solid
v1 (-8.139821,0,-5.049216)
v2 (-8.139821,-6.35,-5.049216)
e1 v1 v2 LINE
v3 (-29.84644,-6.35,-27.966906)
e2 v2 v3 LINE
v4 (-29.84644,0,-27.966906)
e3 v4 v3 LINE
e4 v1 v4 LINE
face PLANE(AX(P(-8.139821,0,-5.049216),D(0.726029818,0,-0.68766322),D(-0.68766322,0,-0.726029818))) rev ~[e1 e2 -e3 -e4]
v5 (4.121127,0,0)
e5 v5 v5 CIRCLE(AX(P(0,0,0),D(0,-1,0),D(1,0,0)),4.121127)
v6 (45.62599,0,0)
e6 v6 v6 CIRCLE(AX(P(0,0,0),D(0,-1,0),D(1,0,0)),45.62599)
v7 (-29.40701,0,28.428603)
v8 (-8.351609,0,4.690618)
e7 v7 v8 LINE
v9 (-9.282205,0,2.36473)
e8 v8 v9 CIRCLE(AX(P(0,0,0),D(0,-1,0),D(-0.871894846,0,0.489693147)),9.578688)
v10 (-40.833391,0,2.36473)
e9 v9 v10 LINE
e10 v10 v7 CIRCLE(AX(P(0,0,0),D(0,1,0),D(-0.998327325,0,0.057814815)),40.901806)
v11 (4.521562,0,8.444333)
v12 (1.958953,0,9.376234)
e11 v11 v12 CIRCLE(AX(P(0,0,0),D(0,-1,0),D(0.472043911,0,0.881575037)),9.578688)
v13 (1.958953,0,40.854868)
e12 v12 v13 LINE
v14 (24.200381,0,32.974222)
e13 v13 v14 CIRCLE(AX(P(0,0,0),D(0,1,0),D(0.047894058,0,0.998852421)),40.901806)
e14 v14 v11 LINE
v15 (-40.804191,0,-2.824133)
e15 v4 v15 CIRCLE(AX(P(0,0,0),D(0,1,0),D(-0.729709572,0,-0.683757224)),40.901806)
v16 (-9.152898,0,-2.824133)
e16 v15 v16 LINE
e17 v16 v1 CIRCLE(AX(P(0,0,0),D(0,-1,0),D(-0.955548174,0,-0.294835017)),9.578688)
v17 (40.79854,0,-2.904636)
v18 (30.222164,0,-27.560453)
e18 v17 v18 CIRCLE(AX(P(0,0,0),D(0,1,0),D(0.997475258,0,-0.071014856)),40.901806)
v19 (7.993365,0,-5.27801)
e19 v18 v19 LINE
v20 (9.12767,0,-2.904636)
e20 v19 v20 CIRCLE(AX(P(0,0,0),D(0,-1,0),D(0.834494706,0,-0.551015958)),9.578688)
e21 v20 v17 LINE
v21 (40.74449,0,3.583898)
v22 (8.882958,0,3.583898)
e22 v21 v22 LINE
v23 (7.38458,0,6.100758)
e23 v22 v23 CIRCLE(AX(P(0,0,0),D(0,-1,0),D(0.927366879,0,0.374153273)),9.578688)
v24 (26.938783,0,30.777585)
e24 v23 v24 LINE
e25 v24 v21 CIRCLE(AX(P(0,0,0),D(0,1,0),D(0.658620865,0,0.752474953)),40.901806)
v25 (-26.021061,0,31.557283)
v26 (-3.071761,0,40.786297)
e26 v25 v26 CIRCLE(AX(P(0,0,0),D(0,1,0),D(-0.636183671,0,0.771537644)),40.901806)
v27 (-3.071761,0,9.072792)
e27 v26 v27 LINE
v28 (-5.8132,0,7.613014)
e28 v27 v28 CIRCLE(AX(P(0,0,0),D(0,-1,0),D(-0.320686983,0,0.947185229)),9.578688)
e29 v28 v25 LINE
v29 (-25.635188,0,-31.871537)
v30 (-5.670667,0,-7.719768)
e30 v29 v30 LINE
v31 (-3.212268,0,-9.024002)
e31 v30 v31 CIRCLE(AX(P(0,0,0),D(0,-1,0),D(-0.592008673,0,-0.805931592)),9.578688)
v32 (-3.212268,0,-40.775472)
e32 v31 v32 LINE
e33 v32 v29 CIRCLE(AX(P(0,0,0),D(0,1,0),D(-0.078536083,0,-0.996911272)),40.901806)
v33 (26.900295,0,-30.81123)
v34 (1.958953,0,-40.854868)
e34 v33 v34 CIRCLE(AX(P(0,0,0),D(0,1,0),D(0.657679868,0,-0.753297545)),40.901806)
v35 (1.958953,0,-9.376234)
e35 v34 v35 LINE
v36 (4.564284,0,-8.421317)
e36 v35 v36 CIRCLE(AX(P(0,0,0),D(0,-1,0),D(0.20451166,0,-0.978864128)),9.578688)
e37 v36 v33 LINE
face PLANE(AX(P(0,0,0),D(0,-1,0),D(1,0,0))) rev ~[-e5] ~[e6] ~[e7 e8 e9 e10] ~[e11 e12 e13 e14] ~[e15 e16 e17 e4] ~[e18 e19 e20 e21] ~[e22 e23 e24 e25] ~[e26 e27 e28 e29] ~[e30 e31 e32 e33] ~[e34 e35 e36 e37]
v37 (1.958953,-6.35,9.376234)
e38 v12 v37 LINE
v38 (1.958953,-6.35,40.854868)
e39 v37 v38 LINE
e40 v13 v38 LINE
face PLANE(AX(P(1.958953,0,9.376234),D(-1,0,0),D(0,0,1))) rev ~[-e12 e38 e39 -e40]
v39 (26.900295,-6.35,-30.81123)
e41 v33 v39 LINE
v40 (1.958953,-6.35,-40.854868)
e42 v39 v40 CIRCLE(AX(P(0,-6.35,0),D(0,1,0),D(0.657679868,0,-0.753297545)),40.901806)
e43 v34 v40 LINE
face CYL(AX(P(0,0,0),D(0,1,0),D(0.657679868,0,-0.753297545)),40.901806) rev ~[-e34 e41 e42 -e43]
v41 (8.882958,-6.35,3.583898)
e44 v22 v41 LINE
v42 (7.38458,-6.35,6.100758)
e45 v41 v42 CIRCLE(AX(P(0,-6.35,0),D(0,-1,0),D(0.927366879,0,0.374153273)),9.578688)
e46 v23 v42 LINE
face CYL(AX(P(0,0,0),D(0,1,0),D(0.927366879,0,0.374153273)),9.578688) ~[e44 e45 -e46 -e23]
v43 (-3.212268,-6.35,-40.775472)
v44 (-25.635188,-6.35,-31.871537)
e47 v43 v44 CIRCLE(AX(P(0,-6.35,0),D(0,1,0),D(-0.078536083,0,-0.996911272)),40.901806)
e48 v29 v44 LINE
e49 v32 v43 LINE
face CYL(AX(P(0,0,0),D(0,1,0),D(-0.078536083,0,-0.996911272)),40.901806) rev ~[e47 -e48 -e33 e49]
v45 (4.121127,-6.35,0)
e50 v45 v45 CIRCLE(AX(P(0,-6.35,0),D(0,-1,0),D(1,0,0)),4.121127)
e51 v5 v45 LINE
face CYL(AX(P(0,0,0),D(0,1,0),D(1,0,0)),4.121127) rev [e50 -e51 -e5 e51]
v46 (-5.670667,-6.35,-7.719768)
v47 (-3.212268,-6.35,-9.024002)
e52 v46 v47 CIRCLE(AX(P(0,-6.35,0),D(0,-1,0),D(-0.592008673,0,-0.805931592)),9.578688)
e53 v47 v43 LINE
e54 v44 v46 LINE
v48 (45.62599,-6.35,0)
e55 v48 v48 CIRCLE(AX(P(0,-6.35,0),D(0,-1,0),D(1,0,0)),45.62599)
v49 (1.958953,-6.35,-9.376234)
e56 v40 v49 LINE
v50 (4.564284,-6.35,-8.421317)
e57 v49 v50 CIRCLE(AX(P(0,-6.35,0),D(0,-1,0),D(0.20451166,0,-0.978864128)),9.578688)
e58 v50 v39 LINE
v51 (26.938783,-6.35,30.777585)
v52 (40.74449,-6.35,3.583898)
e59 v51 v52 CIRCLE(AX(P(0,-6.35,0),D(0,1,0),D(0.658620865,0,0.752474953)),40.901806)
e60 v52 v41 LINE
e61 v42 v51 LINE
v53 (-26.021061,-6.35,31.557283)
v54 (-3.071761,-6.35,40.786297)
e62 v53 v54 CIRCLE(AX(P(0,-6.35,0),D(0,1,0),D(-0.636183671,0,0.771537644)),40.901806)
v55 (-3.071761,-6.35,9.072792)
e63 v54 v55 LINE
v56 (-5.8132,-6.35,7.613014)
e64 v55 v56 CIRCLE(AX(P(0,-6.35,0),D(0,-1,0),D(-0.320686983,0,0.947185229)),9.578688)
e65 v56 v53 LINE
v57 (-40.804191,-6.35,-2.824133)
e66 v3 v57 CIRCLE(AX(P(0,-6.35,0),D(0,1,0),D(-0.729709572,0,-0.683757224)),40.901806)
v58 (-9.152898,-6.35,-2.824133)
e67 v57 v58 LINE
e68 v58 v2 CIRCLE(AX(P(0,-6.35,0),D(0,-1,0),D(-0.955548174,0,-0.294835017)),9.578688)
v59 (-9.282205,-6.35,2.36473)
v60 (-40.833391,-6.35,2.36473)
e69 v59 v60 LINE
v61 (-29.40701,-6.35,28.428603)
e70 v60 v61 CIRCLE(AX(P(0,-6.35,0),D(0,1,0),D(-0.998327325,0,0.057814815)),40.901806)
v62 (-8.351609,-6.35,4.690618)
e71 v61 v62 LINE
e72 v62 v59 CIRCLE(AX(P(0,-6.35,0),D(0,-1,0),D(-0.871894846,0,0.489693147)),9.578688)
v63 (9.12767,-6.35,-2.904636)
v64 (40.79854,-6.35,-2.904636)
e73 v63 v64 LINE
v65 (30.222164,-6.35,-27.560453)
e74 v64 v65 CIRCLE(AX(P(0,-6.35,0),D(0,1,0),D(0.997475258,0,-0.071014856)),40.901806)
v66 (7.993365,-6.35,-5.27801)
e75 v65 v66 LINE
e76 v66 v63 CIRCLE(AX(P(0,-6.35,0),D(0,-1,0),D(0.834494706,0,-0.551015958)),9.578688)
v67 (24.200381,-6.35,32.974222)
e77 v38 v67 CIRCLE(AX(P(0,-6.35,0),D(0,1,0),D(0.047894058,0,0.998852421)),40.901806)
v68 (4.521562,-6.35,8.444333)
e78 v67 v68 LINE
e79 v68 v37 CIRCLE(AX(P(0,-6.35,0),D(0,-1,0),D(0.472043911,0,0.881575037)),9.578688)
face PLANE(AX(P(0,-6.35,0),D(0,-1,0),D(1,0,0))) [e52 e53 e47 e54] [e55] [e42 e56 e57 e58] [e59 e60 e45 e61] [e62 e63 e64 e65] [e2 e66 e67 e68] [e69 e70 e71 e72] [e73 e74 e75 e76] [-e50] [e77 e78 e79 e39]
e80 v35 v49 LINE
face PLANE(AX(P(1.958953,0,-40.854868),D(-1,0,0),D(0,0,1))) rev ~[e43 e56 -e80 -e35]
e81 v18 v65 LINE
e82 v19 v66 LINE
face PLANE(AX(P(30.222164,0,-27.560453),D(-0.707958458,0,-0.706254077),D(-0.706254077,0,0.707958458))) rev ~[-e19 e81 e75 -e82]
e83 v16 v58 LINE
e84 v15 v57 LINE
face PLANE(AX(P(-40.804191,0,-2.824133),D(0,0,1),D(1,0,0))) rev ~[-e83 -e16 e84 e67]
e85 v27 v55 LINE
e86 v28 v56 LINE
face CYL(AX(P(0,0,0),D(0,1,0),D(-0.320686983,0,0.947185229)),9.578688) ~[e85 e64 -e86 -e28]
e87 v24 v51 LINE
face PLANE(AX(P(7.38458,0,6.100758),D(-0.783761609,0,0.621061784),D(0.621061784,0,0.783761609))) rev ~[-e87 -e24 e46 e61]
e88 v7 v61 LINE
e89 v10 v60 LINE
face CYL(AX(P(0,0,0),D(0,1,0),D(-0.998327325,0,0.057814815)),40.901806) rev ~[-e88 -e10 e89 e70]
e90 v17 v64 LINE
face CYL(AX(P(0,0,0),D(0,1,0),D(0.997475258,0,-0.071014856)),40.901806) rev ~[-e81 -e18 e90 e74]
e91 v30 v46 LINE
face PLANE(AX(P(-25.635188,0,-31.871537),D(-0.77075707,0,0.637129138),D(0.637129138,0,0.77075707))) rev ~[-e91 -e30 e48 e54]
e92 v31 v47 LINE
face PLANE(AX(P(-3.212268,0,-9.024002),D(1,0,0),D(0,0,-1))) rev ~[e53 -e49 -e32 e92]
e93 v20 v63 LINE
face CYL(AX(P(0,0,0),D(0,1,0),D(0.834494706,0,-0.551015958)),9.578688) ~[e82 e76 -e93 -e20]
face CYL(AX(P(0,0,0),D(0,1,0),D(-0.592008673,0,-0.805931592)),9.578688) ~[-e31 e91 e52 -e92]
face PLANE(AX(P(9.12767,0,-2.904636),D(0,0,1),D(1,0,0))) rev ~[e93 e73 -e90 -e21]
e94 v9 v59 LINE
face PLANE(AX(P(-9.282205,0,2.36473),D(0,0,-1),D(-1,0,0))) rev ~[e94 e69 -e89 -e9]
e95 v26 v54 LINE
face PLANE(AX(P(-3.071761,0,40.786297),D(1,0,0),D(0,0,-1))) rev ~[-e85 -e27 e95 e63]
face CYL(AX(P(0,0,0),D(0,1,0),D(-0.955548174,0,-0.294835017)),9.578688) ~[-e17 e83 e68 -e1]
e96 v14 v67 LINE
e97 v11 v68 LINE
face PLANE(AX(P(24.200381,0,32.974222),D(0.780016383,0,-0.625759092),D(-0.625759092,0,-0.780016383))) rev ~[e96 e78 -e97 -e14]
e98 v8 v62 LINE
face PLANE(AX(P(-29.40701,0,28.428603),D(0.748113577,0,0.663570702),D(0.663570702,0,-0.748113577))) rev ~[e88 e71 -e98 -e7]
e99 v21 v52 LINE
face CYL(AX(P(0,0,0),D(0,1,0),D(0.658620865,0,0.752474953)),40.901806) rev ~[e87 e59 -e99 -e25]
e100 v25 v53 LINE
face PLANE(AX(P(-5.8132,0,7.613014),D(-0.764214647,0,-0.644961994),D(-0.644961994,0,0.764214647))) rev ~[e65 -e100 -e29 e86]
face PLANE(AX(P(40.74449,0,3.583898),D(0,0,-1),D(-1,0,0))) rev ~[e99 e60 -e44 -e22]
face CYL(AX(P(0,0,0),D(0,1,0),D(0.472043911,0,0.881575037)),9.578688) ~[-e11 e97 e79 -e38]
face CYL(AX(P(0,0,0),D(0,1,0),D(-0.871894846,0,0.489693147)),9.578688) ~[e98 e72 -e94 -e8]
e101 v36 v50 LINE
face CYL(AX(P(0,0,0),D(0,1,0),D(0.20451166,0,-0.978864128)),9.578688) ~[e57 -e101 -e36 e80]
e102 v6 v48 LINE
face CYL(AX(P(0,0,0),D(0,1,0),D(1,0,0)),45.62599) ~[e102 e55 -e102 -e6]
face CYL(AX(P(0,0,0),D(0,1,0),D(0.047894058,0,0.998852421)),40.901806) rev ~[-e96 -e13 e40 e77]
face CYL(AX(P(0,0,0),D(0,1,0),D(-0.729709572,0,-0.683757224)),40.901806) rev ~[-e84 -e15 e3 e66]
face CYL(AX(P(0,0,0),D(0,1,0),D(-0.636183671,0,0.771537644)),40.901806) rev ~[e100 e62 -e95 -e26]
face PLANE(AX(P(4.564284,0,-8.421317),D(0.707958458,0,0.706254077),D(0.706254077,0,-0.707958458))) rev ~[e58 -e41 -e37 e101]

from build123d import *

# Parameters (mm, degrees)
F0_R     = 45.6259896436
F0_R_2   = 4.1211273184
F1_DEPTH = 6.35


with BuildPart() as f1:
    # F0 (on Front) → F1 (new body)
    with BuildSketch(Plane.XZ):
        Circle(F0_R)
        with BuildLine():
            ThreePointArc((26.9387830624, 30.7775847934), (36.470954286, 18.5155948342), (40.7444896447, 3.5838976254))
            ThreePointArc((40.7444896447, 3.5838976254), (40.8624582094, 1.7936743517), (40.9018062999, 0))
            ThreePointArc((40.9018062999, 0), (40.8759815199, -1.4532354863), (40.7985397907, -2.9046358709))
            ThreePointArc((40.7985397907, -2.9046358709), (37.5893922938, -16.1243711684), (30.2221637026, -27.5604531844))
            ThreePointArc((30.2221637026, -27.5604531844), (28.607441295, -29.2330645186), (26.9002945611, -30.8112302761))
            ThreePointArc((26.9002945611, -30.8112302761), (15.2785050027, -37.9410733043), (1.9589534657, -40.8548682523))
            ThreePointArc((1.9589534657, -40.8548682523), (-0.6279132634, -40.8969862402), (-3.2122676555, -40.7754717337))
            ThreePointArc((-3.2122676555, -40.7754717337), (-15.0951627835, -38.0143896325), (-25.6351881809, -31.8715372319))
            ThreePointArc((-25.6351881809, -31.8715372319), (-27.8094281015, -29.9932236891), (-29.8464395577, -27.9669055193))
            ThreePointArc((-29.8464395577, -27.9669055193), (-37.4955686427, -16.3413613495), (-40.8041913624, -2.8241327614))
            ThreePointArc((-40.8041913624, -2.8241327614), (-40.9011586976, -0.2301646997), (-40.8333908562, 2.3647303828))
            ThreePointArc((-40.8333908562, 2.3647303828), (-37.4601102977, 16.4224813922), (-29.4070104311, 28.4286034849))
            ThreePointArc((-29.4070104311, 28.4286034849), (-27.7581509338, 30.0406859997), (-26.0210613004, 31.5572832702))
            ThreePointArc((-26.0210613004, 31.5572832702), (-15.2607911904, 37.9482016812), (-3.071760695, 40.7862972679))
            ThreePointArc((-3.071760695, 40.7862972679), (-0.5574589468, 40.8980072634), (1.9589534657, 40.8548682523))
            ThreePointArc((1.9589534657, 40.8548682523), (13.6603015391, 38.5532608278), (24.2003808104, 32.9742221626))
            ThreePointArc((24.2003808104, 32.9742221626), (25.5931597177, 31.9052963356), (26.9387830624, 30.7775847934))
        make_face(mode=Mode.SUBTRACT)
        with BuildLine():
            ThreePointArc((9.127670154, -2.9046358709), (9.4652622904, -1.4697216595), (9.578688427, 0))
            ThreePointArc((9.578688427, 0), (9.403147418, 1.8254014949), (8.8829583919, 3.5838976254))
            ThreePointArc((8.8829583919, 3.5838976254), (8.230543526, 4.8999413516), (7.3845797964, 6.1007584129))
            ThreePointArc((7.3845797964, 6.1007584129), (6.0673005076, 7.4120939372), (4.5215615521, 8.4443326032))
            ThreePointArc((4.5215615521, 8.4443326032), (3.2735880938, 9.0019382898), (1.9589534657, 9.3762344948))
            ThreePointArc((1.9589534657, 9.3762344948), (-0.5767185533, 9.5613109819), (-3.071760695, 9.0727921951))
            ThreePointArc((-3.071760695, 9.0727921951), (-4.5020405313, 8.4547562375), (-5.8131998002, 7.6130138621))
            ThreePointArc((-5.8131998002, 7.6130138621), (-7.2315663483, 6.2813788401), (-8.3516090682, 4.6906180781))
            ThreePointArc((-8.3516090682, 4.6906180781), (-8.8932718668, 3.5582281386), (-9.282204598, 2.3647303828))
            ThreePointArc((-9.282204598, 2.3647303828), (-9.5757156031, -0.2386266333), (-9.1528982365, -2.8241327614))
            ThreePointArc((-9.1528982365, -2.8241327614), (-8.7176421964, -3.9691291889), (-8.1398212241, -5.0492160205))
            ThreePointArc((-8.1398212241, -5.0492160205), (-7.0331611015, -6.5027622517), (-5.6706666198, -7.7197676176))
            ThreePointArc((-5.6706666198, -7.7197676176), (-4.4890853229, -8.461641977), (-3.2122676555, -9.0240018003))
            ThreePointArc((-3.2122676555, -9.0240018003), (-0.6509347758, -9.5565451864), (1.9589534657, -9.3762344948))
            ThreePointArc((1.9589534657, -9.3762344948), (3.2963804694, -8.9936170578), (4.5642841947, -8.4213171043))
            ThreePointArc((4.5642841947, -8.4213171043), (6.4725367152, -7.0609872152), (7.9933647781, -5.2780101845))
            ThreePointArc((7.9933647781, -5.2780101845), (8.6423773173, -4.1304462578), (9.127670154, -2.9046358709))
        make_face()
        Circle(F0_R_2, mode=Mode.SUBTRACT)
        with BuildLine():
            ThreePointArc((8.8829583919, 3.5838976254), (9.403147418, 1.8254014949), (9.578688427, 0))
            ThreePointArc((9.578688427, 0), (9.4652622904, -1.4697216595), (9.127670154, -2.9046358709))
            Line((9.127670154, -2.9046358709), (40.7985397907, -2.9046358709))
            ThreePointArc((40.7985397907, -2.9046358709), (40.8759815199, -1.4532354863), (40.9018062999, 0))
            ThreePointArc((40.9018062999, 0), (40.8624582094, 1.7936743517), (40.7444896447, 3.5838976254))
            Line((40.7444896447, 3.5838976254), (8.8829583919, 3.5838976254))
        make_face()
        with BuildLine():
            ThreePointArc((-9.1528982365, -2.8241327614), (-9.5757156031, -0.2386266333), (-9.282204598, 2.3647303828))
            Line((-9.282204598, 2.3647303828), (-40.8333908562, 2.3647303828))
            ThreePointArc((-40.8333908562, 2.3647303828), (-40.9011586976, -0.2301646997), (-40.8041913624, -2.8241327614))
            Line((-40.8041913624, -2.8241327614), (-9.1528982365, -2.8241327614))
        make_face()
        with BuildLine():
            Line((1.9589534657, -40.8548682523), (1.9589534657, -9.3762344948))
            ThreePointArc((1.9589534657, -9.3762344948), (-0.6509347758, -9.5565451864), (-3.2122676555, -9.0240018003))
            Line((-3.2122676555, -9.0240018003), (-3.2122676555, -40.7754717337))
            ThreePointArc((-3.2122676555, -40.7754717337), (-0.6279132634, -40.8969862402), (1.9589534657, -40.8548682523))
        make_face()
        with BuildLine():
            ThreePointArc((-3.071760695, 9.0727921951), (-0.5767185533, 9.5613109819), (1.9589534657, 9.3762344948))
            Line((1.9589534657, 9.3762344948), (1.9589534657, 40.8548682523))
            ThreePointArc((1.9589534657, 40.8548682523), (-0.5574589468, 40.8980072634), (-3.071760695, 40.7862972679))
            Line((-3.071760695, 40.7862972679), (-3.071760695, 9.0727921951))
        make_face()
        with BuildLine():
            Line((-25.6351881809, -31.8715372319), (-5.6706666198, -7.7197676176))
            ThreePointArc((-5.6706666198, -7.7197676176), (-7.0331611015, -6.5027622517), (-8.1398212241, -5.0492160205))
            Line((-8.1398212241, -5.0492160205), (-29.8464395577, -27.9669055193))
            ThreePointArc((-29.8464395577, -27.9669055193), (-27.8094281015, -29.9932236891), (-25.6351881809, -31.8715372319))
        make_face()
        with BuildLine():
            Line((30.2221637026, -27.5604531844), (7.9933647781, -5.2780101845))
            ThreePointArc((7.9933647781, -5.2780101845), (6.4725367152, -7.0609872152), (4.5642841947, -8.4213171043))
            Line((4.5642841947, -8.4213171043), (26.9002945611, -30.8112302761))
            ThreePointArc((26.9002945611, -30.8112302761), (28.607441295, -29.2330645186), (30.2221637026, -27.5604531844))
        make_face()
        with BuildLine():
            ThreePointArc((-8.3516090682, 4.6906180781), (-7.2315663483, 6.2813788401), (-5.8131998002, 7.6130138621))
            Line((-5.8131998002, 7.6130138621), (-26.0210613004, 31.5572832702))
            ThreePointArc((-26.0210613004, 31.5572832702), (-27.7581509338, 30.0406859997), (-29.4070104311, 28.4286034849))
            Line((-29.4070104311, 28.4286034849), (-8.3516090682, 4.6906180781))
        make_face()
        with BuildLine():
            ThreePointArc((4.5215615521, 8.4443326032), (6.0673005076, 7.4120939372), (7.3845797964, 6.1007584129))
            Line((7.3845797964, 6.1007584129), (26.9387830624, 30.7775847934))
            ThreePointArc((26.9387830624, 30.7775847934), (25.5931597177, 31.9052963356), (24.2003808104, 32.9742221626))
            Line((24.2003808104, 32.9742221626), (4.5215615521, 8.4443326032))
        make_face()
    extrude(amount=F1_DEPTH)


solid = f1.part
